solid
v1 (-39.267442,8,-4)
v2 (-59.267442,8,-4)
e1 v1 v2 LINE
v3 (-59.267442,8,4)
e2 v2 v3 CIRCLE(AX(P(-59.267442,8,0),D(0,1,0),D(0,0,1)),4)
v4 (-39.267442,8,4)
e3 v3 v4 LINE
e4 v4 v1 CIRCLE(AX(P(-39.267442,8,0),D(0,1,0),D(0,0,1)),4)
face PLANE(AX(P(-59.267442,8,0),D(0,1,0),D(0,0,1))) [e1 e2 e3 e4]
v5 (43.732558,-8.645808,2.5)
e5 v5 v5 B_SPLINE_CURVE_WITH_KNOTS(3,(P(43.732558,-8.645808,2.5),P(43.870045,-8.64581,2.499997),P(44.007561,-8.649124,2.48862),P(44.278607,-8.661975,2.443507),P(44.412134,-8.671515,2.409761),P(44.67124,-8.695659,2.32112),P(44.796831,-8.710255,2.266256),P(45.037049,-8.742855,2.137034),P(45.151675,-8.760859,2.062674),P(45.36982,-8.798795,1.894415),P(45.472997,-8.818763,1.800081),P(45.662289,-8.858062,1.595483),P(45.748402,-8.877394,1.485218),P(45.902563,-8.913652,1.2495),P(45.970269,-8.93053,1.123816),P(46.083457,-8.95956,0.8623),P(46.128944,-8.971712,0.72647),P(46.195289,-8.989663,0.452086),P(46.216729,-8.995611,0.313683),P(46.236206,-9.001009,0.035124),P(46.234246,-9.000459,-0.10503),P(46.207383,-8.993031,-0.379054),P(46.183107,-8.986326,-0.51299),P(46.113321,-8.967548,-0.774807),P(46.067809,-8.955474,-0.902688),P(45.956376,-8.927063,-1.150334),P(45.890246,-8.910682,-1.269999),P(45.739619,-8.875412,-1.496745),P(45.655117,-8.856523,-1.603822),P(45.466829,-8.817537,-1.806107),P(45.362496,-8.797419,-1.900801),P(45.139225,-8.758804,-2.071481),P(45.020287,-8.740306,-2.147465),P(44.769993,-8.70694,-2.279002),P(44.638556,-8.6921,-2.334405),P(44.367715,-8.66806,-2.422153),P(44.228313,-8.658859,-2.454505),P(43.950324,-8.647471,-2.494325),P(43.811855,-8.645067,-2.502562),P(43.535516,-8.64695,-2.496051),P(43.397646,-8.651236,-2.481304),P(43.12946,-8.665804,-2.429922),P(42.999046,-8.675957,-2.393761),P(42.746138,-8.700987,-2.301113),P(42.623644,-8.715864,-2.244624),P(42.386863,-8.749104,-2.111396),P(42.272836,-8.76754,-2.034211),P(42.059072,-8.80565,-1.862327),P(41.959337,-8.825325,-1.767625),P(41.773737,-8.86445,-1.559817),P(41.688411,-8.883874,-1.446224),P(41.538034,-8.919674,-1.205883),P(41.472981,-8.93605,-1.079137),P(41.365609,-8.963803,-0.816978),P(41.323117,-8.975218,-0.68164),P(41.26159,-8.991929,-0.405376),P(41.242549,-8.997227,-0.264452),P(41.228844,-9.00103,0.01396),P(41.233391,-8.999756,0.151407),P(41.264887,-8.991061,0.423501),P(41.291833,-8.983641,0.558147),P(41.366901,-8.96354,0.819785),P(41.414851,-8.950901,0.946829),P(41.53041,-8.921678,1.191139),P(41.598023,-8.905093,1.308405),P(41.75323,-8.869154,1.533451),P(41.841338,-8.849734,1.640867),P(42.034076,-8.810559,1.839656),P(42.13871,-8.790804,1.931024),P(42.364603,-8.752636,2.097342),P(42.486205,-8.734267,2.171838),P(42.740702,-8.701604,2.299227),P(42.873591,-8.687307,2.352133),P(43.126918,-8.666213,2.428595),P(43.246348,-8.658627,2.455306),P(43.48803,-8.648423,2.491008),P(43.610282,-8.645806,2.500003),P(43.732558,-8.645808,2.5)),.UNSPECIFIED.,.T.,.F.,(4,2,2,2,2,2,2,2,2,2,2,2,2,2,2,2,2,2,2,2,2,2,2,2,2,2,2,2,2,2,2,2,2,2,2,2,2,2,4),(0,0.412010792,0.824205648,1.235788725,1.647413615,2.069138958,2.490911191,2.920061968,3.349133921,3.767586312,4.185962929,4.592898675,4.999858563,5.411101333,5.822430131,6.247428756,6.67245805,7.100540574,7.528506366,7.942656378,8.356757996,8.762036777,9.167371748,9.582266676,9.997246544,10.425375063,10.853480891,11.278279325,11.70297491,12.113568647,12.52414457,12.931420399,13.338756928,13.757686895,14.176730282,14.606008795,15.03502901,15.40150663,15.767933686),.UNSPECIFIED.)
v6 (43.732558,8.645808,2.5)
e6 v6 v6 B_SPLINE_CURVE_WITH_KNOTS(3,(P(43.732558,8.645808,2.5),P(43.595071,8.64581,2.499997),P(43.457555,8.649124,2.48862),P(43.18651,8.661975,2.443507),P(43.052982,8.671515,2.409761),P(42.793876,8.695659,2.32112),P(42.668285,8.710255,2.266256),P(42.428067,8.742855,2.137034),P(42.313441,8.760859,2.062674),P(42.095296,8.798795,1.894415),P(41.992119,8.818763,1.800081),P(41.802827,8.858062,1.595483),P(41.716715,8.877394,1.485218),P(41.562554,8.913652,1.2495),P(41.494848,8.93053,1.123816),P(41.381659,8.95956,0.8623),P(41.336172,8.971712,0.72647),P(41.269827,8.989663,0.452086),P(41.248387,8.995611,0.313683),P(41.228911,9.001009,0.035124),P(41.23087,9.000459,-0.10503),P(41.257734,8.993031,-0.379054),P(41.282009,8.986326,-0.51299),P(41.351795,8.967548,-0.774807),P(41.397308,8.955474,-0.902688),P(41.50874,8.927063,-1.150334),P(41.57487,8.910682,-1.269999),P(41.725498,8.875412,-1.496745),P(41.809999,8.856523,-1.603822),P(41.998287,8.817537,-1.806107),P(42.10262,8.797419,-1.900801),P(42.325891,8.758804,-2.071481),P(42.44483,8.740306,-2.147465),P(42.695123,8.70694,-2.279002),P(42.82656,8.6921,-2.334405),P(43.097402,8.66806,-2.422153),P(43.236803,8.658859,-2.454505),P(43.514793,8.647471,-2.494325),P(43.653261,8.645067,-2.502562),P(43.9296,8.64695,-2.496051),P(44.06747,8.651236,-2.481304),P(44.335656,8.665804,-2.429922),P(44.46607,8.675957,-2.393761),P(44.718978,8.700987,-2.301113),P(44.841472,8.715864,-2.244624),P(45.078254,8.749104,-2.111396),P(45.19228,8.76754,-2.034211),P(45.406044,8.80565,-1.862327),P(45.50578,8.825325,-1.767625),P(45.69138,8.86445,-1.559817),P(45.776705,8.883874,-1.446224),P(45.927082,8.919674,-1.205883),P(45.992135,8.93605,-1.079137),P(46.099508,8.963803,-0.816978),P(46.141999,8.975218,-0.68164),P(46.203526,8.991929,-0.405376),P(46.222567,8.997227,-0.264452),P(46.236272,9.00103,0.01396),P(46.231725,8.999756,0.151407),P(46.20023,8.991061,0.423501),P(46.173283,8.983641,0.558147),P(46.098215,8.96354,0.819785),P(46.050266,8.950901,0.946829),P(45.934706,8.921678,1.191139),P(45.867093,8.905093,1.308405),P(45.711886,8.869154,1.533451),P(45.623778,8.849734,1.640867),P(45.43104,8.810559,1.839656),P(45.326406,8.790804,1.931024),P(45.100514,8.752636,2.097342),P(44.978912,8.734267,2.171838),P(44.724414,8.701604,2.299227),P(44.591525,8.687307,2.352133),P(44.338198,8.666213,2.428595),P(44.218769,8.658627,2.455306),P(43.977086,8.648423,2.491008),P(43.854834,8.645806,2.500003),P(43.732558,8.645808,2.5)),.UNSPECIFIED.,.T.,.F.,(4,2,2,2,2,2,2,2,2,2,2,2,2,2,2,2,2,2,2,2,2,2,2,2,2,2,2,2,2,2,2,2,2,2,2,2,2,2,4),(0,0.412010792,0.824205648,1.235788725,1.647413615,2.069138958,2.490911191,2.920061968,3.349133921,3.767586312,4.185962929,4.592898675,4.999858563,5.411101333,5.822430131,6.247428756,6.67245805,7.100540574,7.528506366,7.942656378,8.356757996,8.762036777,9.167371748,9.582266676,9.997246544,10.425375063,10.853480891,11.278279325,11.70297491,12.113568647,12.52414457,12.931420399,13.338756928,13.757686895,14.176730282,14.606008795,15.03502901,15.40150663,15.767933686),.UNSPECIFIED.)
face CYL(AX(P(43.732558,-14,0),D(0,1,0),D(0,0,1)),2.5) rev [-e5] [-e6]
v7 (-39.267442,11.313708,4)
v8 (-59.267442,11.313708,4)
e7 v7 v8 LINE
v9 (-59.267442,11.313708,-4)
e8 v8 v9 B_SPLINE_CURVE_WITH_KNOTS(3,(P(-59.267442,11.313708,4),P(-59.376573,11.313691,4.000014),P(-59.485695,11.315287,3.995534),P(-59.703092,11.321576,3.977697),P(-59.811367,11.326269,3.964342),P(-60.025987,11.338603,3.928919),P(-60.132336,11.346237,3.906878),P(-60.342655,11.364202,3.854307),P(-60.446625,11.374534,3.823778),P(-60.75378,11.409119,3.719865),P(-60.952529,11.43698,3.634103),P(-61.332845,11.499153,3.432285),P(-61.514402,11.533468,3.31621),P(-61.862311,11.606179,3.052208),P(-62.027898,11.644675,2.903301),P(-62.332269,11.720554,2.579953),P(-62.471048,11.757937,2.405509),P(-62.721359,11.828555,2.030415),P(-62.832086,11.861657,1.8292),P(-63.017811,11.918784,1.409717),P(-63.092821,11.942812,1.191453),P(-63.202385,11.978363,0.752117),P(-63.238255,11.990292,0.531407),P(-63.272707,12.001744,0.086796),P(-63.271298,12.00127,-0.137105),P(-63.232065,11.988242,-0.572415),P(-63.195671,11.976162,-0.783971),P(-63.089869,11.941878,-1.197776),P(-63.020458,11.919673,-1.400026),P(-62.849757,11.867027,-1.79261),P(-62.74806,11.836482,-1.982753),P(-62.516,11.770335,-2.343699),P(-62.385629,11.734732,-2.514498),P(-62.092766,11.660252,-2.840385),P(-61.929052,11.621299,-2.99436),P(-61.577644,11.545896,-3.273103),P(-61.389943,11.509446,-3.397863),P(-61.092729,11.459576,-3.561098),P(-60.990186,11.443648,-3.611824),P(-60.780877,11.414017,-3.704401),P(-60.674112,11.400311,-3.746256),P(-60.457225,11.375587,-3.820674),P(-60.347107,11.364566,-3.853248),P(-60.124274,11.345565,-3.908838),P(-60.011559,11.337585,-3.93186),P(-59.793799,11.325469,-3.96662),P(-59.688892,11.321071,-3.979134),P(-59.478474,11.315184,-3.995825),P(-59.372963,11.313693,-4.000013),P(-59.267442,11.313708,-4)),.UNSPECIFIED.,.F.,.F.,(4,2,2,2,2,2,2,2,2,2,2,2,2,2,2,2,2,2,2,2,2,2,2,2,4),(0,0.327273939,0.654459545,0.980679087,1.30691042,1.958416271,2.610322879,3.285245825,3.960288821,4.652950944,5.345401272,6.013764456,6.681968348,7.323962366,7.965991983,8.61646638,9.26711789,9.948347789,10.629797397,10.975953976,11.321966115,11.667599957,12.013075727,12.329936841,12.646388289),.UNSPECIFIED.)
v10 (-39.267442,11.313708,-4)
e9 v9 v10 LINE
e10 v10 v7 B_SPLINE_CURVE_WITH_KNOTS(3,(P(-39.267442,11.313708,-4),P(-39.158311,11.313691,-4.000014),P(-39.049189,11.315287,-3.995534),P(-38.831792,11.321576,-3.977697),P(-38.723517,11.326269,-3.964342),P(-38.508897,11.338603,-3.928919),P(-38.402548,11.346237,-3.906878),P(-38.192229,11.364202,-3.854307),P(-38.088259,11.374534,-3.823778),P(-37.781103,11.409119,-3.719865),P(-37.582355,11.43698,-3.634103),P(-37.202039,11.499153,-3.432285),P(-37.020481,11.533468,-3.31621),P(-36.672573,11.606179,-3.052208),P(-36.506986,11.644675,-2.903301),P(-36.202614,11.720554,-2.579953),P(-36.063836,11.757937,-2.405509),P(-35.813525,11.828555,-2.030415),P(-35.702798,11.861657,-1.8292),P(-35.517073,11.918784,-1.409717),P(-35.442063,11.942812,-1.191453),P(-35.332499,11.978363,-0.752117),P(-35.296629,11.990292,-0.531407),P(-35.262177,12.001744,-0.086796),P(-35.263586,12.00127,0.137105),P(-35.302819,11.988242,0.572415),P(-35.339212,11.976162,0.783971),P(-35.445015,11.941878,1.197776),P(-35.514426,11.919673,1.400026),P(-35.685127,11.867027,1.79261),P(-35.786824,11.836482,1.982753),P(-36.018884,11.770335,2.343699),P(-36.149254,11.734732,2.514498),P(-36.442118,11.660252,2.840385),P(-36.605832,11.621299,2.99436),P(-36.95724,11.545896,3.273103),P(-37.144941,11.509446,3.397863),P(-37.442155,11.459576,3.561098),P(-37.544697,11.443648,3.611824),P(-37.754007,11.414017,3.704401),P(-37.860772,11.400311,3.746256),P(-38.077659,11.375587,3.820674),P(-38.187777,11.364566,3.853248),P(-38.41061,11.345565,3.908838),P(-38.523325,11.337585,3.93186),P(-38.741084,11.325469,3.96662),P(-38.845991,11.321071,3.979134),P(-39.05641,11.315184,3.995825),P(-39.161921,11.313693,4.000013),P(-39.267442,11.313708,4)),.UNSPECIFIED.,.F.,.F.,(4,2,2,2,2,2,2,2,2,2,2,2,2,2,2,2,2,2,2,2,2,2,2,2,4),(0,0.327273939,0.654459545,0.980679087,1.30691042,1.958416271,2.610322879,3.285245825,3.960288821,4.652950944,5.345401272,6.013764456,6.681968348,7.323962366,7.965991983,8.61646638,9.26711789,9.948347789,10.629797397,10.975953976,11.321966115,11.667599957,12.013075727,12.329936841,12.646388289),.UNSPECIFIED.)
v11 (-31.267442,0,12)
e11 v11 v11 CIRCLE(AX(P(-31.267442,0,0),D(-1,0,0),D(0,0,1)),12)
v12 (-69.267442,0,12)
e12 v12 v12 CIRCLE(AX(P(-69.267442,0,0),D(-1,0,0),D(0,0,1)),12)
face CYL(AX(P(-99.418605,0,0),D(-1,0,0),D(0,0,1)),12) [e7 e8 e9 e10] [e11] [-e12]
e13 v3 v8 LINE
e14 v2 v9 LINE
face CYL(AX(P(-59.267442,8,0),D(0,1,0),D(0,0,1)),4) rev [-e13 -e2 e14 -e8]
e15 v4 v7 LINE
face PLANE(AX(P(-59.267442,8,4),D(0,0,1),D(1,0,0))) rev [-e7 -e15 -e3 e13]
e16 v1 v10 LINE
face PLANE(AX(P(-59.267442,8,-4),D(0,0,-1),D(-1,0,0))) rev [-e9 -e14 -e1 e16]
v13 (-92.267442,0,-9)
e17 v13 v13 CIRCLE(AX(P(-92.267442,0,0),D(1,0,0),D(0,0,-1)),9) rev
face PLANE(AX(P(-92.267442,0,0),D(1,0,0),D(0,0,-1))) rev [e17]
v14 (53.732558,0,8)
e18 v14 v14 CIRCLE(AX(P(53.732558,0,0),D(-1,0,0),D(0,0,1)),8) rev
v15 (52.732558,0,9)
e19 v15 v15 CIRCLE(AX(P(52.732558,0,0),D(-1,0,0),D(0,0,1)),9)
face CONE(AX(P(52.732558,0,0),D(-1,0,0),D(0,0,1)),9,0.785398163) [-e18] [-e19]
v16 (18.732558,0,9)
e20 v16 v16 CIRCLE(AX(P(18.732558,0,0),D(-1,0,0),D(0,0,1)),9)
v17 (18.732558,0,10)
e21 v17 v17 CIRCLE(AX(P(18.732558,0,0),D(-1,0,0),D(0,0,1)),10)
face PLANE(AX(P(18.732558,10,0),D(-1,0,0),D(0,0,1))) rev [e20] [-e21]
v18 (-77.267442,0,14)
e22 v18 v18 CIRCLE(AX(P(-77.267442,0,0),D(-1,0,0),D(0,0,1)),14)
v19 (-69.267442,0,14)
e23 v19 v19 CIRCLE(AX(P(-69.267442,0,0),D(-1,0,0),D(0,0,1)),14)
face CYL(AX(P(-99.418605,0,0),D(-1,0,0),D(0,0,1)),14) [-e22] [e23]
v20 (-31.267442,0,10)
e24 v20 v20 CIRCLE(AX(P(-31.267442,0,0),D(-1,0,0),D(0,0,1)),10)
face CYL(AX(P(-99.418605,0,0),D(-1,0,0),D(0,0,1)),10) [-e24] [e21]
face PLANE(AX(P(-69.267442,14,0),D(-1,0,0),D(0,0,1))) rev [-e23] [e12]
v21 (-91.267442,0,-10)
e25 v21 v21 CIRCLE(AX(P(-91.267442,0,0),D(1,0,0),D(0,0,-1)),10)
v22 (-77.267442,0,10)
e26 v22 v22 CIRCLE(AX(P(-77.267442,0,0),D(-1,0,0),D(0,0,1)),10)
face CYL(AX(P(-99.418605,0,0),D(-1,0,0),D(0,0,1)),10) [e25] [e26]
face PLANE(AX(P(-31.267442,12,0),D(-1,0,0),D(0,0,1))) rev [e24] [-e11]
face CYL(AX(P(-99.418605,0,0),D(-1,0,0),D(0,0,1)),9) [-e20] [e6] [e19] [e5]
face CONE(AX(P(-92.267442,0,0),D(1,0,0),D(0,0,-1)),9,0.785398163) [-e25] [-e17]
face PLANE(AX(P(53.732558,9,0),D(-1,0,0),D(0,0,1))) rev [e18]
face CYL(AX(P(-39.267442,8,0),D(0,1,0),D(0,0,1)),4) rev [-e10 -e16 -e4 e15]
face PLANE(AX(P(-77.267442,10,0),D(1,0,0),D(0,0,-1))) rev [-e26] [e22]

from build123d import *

# Parameters (mm, degrees)
CHAMFER1_SIZE      = 1
SKETCH2_R          = 2.5
CUT_EXTRUDE1_DEPTH = 97.115975922
CUT_EXTRUDE2_DEPTH = 4


with BuildPart() as part:
    # Sketch1 → Revolve1 (revolve)
    with BuildSketch(Plane.XY, mode=Mode.PRIVATE) as revolve1_sk:
        Polygon((-92.26744186, 0), (-92.26744186, 10), (-77.26744186, 10), (-77.26744186, 14), (-69.26744186, 14), (-69.26744186, 12), (-31.26744186, 12), (-31.26744186, 10), (18.73255814, 10), (18.73255814, 9), (53.73255814, 9), (53.73255814, 0), align=None)
    revolve(revolve1_sk.sketch.rotate(Axis((-99.418604651, 0, 0), (1, 0, 0)), 90), axis=Axis((-99.418604651, 0, 0), (1, 0, 0)))

    # Chamfer1
    chamfer1_edges = [part.edges().sort_by_distance(p)[0] for p in [
        (-92.26744186, 0, -10),
        (53.73255814, 0, -9),
    ]]
    chamfer(chamfer1_edges, length=CHAMFER1_SIZE)

    # Sketch2 → Cut-Extrude1 (cut, through all)
    with BuildSketch(Plane(origin=(0, 9, 0), x_dir=(1, 0, 0), z_dir=(0, 1, 0))):
        with Locations(Location((43.73255814, 0, 0), (0, 0, 270))):
            Circle(SKETCH2_R)
    extrude(amount=-CUT_EXTRUDE1_DEPTH, mode=Mode.SUBTRACT)

    # Sketch3 → Cut-Extrude2 (cut)
    with BuildSketch(Plane(origin=(0, 12, 0), x_dir=(1, 0, 0), z_dir=(0, 1, 0))):
        with BuildLine():
            Line((-59.26744186, 4), (-39.26744186, 4))
            ThreePointArc((-39.26744186, 4), (-35.26744186, 0), (-39.26744186, -4))
            Line((-39.26744186, -4), (-59.26744186, -4))
            ThreePointArc((-59.26744186, -4), (-63.26744186, 0), (-59.26744186, 4))
        make_face()
    extrude(amount=-CUT_EXTRUDE2_DEPTH, mode=Mode.SUBTRACT)


solid = part.part
